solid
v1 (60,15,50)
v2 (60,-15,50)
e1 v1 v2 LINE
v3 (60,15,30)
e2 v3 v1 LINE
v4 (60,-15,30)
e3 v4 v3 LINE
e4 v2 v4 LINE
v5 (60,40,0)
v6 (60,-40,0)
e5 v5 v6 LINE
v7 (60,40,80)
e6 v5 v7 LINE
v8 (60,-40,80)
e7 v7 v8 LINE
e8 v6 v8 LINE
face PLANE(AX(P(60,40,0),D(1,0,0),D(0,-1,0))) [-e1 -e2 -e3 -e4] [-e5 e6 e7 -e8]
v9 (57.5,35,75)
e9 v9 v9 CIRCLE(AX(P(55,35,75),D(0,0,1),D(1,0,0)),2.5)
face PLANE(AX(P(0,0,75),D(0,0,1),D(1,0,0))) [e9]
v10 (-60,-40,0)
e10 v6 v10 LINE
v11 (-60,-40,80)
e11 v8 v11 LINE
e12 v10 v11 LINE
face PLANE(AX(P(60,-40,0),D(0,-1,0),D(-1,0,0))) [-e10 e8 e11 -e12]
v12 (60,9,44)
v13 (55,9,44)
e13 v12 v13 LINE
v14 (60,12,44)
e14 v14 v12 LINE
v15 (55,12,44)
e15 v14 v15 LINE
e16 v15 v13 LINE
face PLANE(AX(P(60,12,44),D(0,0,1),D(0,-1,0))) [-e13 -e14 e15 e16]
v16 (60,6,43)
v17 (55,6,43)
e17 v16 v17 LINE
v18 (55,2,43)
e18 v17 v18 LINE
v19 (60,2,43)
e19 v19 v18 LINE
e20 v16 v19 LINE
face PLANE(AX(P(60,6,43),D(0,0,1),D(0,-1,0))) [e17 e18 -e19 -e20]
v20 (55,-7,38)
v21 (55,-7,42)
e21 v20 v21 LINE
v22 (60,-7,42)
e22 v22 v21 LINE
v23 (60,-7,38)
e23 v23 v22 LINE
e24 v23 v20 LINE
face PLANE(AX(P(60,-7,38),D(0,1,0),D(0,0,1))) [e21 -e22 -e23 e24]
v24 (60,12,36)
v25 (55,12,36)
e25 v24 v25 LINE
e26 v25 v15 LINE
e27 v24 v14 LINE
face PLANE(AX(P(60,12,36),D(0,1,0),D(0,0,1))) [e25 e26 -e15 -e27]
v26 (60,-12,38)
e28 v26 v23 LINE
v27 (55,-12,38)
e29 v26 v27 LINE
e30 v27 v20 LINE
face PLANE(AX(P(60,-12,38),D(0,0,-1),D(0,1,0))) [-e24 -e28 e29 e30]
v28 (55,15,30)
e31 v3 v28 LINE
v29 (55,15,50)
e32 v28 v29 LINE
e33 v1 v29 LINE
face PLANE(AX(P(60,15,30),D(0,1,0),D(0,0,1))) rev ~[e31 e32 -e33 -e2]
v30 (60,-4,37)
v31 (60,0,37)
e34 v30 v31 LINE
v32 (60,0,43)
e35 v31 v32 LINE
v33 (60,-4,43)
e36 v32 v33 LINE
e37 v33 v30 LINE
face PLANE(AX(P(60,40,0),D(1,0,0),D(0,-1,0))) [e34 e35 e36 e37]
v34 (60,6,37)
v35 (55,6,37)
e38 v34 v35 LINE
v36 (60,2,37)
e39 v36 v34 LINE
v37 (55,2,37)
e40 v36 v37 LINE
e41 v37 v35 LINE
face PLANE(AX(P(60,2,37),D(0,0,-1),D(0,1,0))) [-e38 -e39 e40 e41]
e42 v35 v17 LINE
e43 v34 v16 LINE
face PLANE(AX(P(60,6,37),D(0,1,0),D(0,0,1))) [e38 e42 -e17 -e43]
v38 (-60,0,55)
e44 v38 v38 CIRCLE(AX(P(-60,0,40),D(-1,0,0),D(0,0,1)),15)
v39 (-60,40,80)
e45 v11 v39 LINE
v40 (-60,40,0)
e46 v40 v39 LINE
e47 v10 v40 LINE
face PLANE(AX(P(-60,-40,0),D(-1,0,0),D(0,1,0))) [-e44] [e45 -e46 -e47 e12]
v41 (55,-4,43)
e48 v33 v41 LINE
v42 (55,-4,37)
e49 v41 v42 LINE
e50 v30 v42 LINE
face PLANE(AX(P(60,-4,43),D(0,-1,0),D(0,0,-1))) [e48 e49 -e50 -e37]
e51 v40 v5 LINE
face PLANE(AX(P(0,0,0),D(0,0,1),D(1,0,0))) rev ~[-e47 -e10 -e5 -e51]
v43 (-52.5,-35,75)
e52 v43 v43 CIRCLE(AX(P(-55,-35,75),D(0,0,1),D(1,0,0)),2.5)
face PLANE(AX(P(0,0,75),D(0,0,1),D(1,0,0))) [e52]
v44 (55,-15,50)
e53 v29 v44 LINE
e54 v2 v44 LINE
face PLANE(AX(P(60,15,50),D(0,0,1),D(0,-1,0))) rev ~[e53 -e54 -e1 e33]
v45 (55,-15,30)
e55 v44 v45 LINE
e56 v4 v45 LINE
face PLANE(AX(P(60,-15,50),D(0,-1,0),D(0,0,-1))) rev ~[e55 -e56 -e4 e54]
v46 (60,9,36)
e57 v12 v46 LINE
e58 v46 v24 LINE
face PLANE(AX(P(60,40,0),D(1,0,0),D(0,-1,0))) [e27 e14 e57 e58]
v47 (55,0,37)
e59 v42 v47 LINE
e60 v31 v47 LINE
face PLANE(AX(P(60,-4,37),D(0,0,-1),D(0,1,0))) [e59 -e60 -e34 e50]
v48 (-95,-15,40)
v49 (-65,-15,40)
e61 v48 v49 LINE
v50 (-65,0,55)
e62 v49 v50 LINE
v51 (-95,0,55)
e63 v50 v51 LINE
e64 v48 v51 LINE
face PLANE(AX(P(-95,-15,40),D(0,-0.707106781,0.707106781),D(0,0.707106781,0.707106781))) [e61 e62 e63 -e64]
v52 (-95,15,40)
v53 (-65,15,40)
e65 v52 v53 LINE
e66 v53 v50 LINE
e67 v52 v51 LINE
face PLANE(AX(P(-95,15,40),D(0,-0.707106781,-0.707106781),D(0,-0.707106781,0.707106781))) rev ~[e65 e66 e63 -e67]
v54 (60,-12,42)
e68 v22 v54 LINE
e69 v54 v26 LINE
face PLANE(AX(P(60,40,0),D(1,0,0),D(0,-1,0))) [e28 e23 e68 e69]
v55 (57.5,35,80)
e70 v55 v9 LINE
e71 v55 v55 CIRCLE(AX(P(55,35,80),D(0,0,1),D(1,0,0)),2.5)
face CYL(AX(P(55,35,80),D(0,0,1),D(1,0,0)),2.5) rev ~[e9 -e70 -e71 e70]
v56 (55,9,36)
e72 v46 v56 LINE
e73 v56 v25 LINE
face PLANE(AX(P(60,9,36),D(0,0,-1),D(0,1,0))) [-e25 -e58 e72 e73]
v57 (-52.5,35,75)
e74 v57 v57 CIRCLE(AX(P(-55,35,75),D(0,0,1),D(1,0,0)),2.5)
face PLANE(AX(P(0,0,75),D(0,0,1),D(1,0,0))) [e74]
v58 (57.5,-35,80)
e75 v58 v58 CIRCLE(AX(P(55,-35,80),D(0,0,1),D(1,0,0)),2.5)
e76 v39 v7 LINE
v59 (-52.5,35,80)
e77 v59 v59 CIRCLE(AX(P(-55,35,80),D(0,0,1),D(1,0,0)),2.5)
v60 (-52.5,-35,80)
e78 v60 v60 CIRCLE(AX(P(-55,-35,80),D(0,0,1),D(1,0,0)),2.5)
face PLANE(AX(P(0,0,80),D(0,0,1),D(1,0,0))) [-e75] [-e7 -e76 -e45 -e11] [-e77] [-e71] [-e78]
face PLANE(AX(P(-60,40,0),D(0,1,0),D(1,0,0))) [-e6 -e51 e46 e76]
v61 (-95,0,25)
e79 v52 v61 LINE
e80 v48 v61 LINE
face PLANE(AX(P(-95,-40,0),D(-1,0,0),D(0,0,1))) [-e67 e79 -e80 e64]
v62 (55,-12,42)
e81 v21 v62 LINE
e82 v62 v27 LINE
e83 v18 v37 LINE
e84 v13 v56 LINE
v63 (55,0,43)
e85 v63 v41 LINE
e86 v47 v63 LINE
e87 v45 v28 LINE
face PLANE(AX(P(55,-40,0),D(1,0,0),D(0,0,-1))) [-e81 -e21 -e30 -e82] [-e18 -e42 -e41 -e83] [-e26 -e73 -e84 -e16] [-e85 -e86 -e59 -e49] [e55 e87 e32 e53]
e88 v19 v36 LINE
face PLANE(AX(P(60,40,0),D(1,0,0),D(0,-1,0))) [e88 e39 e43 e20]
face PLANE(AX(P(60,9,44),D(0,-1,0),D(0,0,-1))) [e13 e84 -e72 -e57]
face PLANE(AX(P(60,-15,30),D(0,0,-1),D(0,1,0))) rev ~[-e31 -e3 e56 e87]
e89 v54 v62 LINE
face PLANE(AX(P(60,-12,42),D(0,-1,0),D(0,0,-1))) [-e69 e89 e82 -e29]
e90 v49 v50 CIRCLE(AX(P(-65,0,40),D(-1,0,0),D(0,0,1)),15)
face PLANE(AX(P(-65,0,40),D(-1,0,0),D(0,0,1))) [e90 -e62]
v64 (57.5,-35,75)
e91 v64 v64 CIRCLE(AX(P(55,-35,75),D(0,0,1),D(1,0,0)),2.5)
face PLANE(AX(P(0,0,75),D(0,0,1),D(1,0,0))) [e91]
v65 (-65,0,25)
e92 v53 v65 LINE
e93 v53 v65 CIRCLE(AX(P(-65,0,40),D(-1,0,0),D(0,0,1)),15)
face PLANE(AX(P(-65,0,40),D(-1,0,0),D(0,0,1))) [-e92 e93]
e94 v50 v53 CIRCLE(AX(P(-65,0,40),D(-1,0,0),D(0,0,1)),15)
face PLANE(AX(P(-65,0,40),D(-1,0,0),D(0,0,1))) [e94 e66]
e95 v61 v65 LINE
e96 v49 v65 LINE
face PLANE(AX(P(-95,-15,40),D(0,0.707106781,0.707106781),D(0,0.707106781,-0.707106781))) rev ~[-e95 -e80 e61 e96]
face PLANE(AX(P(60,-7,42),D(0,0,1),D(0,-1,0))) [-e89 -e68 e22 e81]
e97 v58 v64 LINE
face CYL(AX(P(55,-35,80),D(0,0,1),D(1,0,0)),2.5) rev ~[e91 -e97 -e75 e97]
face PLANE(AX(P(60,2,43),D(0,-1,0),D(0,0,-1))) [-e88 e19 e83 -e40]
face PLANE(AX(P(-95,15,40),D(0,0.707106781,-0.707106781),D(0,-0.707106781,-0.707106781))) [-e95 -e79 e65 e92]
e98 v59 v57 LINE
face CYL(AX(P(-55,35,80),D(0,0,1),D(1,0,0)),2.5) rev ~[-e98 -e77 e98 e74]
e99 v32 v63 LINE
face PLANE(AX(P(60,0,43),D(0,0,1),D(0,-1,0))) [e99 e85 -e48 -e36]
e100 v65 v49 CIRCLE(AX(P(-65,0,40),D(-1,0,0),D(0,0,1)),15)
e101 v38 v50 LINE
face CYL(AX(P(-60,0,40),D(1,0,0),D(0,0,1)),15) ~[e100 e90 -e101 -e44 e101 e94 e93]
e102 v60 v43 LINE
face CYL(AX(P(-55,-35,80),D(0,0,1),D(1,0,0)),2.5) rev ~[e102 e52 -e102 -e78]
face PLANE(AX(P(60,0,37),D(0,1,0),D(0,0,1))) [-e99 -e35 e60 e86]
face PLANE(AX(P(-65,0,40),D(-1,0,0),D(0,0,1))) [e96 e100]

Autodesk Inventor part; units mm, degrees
ref_plane "YZ Plane" through (0, 0, 0) normal (1, 0, 0) x (0, 1, 0)
ref_plane "XZ Plane" through (0, 0, 0) normal (0, 1, 0) x (-1, 0, 0)
ref_plane "XY Plane" through (0, 0, 0) normal (0, 0, 1) x (1, 0, 0)
sketch "Sketch1" plane through (0, 0, 0) normal (0, 0, 1) x (1, 0, 0)
  line L0 (-60, 40) -> (60, 40)
  line L1 (60, 40) -> (60, -40)
  line L2 (60, -40) -> (-60, -40)
  line L3 (-60, -40) -> (-60, 40)
  point P0 (0, 0)
  point P1 (-60, 0)
  point P2 (0, 40)
  dimension "d0" = 120
  dimension "d1" = 80
extrude "Extrusion1" add sketch "Sketch1" along normal blind 80
sketch "Sketch4" plane through (-60, -40, 0) normal (-1, 0, 0) x (0, 0, 1)
  circle A0 centre (40, 40) radius 15
  line L0 (0, 0) -> (0, 80) projected
  line L1 (0, 80) -> (80, 80) projected
  point P0 (0, 40)
  point P1 (0, 40)
  point P2 (40, 80)
  dimension "d12" = 30
extrude "Extrusion2" add sketch "Sketch4" along normal blind 35
sketch "Sketch7" plane through (-95, 0, 40) normal (-1, 0, 0) x (0, 0, 1)
  circle A0 centre (0, 0) radius 15 projected
  line L0 (0, 15) -> (15, 0)
  line L1 (0, -15) -> (15, 0)
  line L2 (0, -15) -> (-15, 0)
  line L3 (0, 15) -> (-15, 0)
  point P0 (-40, 0)
extrude "Extrusion3" cut sketch "Sketch7" against normal blind 30 contours L0 A0 | A0 L1 | L3 A0 | A0 L2
sketch "Sketch8" plane through (60, -40, 0) normal (1, 0, 0) x (0, 0, -1)
  line L0 (-50, 25) -> (-30, 25)
  line L1 (-30, 25) -> (-30, 55)
  line L2 (-30, 55) -> (-50, 55)
  line L3 (-50, 55) -> (-50, 25)
  line L4 (0, 0) -> (-80, 0) projected
  line L5 (-80, 0) -> (-80, 80) projected
  line L6 (-38, 33) -> (-42, 33)
  line L7 (-42, 33) -> (-42, 28)
  line L8 (-42, 28) -> (-38, 28)
  line L9 (-38, 28) -> (-38, 33)
  line L10 (-37, 40) -> (-43, 40)
  line L11 (-43, 40) -> (-43, 36)
  line L12 (-43, 36) -> (-37, 36)
  line L13 (-37, 36) -> (-37, 40)
  line L14 (-37, 46) -> (-43, 46)
  line L15 (-43, 46) -> (-43, 42)
  line L16 (-43, 42) -> (-37, 42)
  line L17 (-37, 42) -> (-37, 46)
  line L18 (-44, 49) -> (-36, 49)
  line L19 (-36, 49) -> (-36, 52)
  line L20 (-36, 52) -> (-44, 52)
  line L21 (-44, 52) -> (-44, 49)
  point P0 (0, 40)
  point P1 (-40, 25)
  point P2 (-40, 0)
  point P3 (-50, 40)
  point P4 (-80, 40)
  point P5 (-40, 28)
  point P6 (-40, 36)
  point P7 (-40, 42)
  point P8 (-40, 52)
  point P9 (-40, 55)
  dimension "d17" = 30
  dimension "d18" = 20
  dimension "d19" = 5
  dimension "d20" = 4
  dimension "d21" = 4
  dimension "d22" = 6
  dimension "d23" = 6
  dimension "d24" = 4
  dimension "d27" = 3
  dimension "d28" = 8
  dimension "d29" = 3
  dimension "d30" = 2
  dimension "d31" = 3
  dimension "d32" = 3
extrude "Extrusion4" cut sketch "Sketch8" against normal blind 5
sketch "Sketch9" plane through (0, 0, 80) normal (0, 0, 1) x (1, 0, 0)
  circle A0 centre (-55, 35) radius 2.5
  line L0 (-60, 40) -> (-60, -40) projected
  line L1 (60, 40) -> (-60, 40) projected
  circle A1 centre (55, 35) radius 2.5
  circle A2 centre (-55, -35) radius 2.5
  circle A3 centre (55, -35) radius 2.5
  point P0 (0, 0)
  dimension "d35" = 5
  dimension "d36" = 5
  dimension "d37" = 5
  dimension "d40" = 110
  dimension "d43" = 70
extrude "Extrusion5" cut sketch "Sketch9" against normal blind 5
properties part number "motor"
